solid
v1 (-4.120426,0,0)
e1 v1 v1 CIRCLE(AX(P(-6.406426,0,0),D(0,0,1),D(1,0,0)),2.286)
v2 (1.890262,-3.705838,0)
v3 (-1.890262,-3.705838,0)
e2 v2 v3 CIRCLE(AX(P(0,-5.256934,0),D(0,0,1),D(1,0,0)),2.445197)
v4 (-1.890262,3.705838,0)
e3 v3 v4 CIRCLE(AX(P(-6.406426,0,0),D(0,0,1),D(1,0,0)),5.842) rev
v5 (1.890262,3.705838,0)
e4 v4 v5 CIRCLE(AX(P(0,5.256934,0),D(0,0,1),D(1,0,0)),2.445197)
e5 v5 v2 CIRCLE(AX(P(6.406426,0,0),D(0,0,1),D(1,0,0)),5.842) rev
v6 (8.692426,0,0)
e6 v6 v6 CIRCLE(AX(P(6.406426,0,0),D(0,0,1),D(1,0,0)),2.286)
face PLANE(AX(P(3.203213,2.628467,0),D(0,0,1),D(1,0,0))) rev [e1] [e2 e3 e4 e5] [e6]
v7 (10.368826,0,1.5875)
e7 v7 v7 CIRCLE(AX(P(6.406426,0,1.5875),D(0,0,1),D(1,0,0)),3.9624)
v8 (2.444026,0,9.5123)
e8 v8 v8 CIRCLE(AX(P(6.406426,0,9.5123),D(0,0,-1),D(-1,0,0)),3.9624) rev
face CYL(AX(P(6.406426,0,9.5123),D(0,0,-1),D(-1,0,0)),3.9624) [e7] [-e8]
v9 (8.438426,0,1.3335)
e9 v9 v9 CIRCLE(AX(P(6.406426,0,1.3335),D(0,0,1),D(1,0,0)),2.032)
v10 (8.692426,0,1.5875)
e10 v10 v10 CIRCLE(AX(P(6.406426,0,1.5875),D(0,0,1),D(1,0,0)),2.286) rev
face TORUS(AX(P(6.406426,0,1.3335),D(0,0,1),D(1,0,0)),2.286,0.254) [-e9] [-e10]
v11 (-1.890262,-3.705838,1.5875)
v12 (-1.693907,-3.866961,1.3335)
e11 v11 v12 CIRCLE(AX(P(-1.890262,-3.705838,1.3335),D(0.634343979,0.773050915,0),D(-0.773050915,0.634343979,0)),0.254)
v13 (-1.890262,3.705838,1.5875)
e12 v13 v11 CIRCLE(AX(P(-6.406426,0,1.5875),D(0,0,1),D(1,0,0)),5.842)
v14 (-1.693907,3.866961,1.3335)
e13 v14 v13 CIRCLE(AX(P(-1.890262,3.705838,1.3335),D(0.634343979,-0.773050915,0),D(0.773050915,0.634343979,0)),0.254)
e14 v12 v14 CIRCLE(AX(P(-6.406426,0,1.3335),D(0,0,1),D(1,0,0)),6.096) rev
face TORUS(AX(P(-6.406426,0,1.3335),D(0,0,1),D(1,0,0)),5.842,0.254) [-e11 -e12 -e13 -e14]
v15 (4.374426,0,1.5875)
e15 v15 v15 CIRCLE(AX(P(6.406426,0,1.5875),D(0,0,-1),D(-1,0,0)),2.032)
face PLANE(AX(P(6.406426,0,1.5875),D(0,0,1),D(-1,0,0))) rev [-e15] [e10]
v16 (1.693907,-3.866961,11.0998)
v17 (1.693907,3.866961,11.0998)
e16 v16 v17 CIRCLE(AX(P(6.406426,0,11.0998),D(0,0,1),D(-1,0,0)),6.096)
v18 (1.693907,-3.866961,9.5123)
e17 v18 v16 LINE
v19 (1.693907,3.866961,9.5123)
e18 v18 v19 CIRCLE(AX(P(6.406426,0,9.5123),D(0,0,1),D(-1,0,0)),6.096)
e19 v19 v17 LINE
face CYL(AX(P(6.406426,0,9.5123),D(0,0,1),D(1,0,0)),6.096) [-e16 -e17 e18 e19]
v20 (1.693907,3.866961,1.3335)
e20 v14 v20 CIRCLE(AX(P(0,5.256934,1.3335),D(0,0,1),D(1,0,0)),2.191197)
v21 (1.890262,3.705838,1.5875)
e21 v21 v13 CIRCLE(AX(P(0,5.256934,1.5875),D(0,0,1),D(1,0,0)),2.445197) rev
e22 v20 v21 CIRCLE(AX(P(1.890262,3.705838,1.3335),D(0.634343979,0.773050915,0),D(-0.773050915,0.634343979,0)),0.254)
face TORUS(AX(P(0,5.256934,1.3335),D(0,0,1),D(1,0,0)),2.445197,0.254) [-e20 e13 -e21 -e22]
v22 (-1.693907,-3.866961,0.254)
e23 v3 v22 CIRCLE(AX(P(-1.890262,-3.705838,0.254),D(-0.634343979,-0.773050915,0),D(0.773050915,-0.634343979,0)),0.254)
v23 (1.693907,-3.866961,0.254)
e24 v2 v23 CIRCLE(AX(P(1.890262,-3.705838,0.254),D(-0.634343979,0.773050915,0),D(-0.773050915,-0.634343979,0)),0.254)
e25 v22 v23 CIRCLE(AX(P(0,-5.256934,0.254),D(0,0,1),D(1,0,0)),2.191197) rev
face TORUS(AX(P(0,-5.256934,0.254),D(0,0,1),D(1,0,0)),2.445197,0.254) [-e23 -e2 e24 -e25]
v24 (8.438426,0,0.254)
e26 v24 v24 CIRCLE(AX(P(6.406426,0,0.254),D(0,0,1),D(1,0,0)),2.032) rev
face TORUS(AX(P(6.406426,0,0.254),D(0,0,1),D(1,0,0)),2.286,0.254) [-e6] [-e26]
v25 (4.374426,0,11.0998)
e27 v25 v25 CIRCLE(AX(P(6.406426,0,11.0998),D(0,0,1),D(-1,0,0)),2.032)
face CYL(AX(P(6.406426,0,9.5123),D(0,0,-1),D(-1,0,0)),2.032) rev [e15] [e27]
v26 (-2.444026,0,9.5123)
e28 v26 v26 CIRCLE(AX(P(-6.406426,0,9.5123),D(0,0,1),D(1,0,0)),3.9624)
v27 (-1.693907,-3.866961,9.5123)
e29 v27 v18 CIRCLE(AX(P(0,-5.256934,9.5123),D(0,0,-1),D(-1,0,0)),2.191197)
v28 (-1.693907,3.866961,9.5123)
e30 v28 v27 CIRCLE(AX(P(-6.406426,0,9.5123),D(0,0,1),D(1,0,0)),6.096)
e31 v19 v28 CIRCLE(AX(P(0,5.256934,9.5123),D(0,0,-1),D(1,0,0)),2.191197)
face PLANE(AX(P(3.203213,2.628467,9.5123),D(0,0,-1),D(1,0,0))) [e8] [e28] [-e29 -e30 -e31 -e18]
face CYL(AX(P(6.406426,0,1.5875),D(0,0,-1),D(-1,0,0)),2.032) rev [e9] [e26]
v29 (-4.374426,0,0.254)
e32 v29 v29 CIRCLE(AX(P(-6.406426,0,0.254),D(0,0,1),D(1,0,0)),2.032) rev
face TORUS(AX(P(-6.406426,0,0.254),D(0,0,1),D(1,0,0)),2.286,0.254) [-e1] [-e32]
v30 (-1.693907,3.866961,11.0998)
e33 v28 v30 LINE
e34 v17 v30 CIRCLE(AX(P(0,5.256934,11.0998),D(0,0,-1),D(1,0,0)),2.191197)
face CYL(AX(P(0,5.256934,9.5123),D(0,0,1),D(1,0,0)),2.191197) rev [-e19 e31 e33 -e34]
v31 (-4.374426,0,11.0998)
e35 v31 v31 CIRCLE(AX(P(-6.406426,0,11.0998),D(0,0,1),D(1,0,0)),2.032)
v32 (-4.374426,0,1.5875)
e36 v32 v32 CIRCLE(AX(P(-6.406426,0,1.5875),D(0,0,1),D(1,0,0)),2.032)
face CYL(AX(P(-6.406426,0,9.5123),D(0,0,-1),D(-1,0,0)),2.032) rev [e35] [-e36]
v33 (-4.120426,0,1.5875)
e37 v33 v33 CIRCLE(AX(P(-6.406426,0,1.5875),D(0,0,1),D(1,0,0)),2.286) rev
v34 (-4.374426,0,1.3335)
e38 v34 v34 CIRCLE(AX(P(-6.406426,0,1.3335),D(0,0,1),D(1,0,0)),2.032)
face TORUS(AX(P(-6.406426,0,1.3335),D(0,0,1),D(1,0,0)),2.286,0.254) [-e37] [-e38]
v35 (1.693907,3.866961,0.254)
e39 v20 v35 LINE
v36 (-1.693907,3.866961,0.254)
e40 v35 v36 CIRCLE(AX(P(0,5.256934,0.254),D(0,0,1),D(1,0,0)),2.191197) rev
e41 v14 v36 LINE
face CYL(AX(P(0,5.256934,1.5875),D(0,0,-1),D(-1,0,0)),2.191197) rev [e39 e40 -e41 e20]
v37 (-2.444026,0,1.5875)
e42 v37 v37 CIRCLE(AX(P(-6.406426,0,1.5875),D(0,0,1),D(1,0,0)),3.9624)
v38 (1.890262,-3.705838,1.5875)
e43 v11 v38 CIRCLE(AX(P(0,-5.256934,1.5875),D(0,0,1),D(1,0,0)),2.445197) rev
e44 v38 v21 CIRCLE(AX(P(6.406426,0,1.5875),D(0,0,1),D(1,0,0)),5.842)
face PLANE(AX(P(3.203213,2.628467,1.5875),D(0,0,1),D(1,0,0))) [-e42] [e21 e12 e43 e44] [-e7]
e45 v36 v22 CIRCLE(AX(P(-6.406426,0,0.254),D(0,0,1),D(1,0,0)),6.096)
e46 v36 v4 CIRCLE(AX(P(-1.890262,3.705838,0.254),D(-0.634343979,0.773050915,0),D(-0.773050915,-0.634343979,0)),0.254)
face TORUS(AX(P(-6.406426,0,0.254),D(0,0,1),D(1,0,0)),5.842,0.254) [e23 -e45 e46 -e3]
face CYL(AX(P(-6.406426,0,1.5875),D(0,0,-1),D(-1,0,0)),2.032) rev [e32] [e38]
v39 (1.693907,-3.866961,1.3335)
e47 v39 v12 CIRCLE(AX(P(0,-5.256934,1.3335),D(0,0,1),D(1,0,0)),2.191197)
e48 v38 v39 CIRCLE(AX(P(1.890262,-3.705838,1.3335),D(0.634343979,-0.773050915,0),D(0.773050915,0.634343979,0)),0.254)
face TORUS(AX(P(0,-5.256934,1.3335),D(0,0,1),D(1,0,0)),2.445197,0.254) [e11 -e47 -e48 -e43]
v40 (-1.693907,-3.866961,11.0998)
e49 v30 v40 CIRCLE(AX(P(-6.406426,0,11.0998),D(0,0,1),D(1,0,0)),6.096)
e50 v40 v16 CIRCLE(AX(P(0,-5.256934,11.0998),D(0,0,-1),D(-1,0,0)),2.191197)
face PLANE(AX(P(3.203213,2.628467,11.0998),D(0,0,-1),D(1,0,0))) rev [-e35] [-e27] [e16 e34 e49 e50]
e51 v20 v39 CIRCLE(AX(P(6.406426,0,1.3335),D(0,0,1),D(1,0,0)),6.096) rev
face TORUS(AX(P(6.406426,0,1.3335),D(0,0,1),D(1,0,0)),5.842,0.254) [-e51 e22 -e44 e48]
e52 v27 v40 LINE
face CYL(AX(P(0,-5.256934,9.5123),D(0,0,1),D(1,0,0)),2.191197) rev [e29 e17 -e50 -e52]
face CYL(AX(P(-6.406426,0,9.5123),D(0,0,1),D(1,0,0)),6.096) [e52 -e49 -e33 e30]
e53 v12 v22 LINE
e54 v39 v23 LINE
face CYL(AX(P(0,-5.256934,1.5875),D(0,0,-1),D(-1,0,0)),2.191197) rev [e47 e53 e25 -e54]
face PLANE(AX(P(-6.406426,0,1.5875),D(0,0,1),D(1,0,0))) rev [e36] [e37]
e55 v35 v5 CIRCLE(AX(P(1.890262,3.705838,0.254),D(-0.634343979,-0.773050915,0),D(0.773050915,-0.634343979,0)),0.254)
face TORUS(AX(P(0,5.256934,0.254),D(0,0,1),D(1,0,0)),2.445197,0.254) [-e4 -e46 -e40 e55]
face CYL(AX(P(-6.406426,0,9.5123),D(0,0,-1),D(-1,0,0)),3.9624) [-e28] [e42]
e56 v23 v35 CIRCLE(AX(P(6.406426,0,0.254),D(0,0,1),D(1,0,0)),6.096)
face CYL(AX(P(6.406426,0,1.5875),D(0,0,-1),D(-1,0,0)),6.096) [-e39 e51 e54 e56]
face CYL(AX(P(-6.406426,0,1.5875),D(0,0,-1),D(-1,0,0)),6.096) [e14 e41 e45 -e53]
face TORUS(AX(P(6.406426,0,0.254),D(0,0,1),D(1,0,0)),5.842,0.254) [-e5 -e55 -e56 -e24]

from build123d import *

# Parameters (mm, degrees)
SKETCH1_R           = 2.032
BOSS_EXTRUDE1_DEPTH = 1.5875
FILLET1_R           = 0.254
SKETCH2_R           = 3.9624
SKETCH2_R_2         = 2.032
BOSS_EXTRUDE2_DEPTH = 7.9248


with BuildPart() as part:
    # Sketch1 → Boss-Extrude1 (new body)
    with BuildSketch(Plane.XY):
        with BuildLine():
            ThreePointArc((-1.693907172, 3.866960894), (-12.502425548, 0), (-1.693907172, -3.866960894))
            ThreePointArc((-1.693907172, -3.866960894), (0, -3.065736362), (1.693907172, -3.866960894))
            ThreePointArc((1.693907172, -3.866960894), (12.502425548, 0), (1.693907172, 3.866960894))
            ThreePointArc((1.693907172, 3.866960894), (0, 3.065736362), (-1.693907172, 3.866960894))
        make_face()
        with Locations((-6.406425548, 0)):
            Circle(SKETCH1_R, mode=Mode.SUBTRACT)
        with Locations(Location((6.406425548, 0, 0), (0, 0, 180))):
            Circle(SKETCH1_R, mode=Mode.SUBTRACT)
    boss_extrude1 = extrude(amount=BOSS_EXTRUDE1_DEPTH)

    # Fillet1
    fillet1_edges = [part.edges().sort_by_distance(p)[0] for p in [
        (0, -3.065736362, 1.5875),
        (-8.438425548, 0, 0),
        (-8.438425548, 0, 1.5875),
        (12.502425548, 0, 1.5875),
        (8.438425548, 0, 0),
        (8.438425548, 0, 1.5875),
        (0, 3.065736362, 1.5875),
        (12.502425548, 0, 0),
        (0, -3.065736362, 0),
        (-12.502425548, 0, 0),
        (0, 3.065736362, 0),
        (-12.502425548, 0, 1.5875),
    ]]
    fillet(fillet1_edges, radius=FILLET1_R)

    # Sketch2 → Boss-Extrude2 (add)
    with BuildSketch(Plane.XY.offset(1.5875)):
        with Locations((-6.406425548, 0)):
            Circle(SKETCH2_R)
        with Locations((-6.406425548, 0)):
            Circle(SKETCH2_R_2, mode=Mode.SUBTRACT)
    boss_extrude2 = extrude(amount=BOSS_EXTRUDE2_DEPTH)

    # Mirror1: Boss-Extrude2 across plane
    add(boss_extrude2.mirror(Plane(origin=(0, 0, 0), x_dir=(0, 0, 1), z_dir=(1, 0, 0))))

    # Mirror2: Boss-Extrude1 across plane
    add(boss_extrude1.mirror(Plane.XY.offset(5.5499)))


solid = part.part
